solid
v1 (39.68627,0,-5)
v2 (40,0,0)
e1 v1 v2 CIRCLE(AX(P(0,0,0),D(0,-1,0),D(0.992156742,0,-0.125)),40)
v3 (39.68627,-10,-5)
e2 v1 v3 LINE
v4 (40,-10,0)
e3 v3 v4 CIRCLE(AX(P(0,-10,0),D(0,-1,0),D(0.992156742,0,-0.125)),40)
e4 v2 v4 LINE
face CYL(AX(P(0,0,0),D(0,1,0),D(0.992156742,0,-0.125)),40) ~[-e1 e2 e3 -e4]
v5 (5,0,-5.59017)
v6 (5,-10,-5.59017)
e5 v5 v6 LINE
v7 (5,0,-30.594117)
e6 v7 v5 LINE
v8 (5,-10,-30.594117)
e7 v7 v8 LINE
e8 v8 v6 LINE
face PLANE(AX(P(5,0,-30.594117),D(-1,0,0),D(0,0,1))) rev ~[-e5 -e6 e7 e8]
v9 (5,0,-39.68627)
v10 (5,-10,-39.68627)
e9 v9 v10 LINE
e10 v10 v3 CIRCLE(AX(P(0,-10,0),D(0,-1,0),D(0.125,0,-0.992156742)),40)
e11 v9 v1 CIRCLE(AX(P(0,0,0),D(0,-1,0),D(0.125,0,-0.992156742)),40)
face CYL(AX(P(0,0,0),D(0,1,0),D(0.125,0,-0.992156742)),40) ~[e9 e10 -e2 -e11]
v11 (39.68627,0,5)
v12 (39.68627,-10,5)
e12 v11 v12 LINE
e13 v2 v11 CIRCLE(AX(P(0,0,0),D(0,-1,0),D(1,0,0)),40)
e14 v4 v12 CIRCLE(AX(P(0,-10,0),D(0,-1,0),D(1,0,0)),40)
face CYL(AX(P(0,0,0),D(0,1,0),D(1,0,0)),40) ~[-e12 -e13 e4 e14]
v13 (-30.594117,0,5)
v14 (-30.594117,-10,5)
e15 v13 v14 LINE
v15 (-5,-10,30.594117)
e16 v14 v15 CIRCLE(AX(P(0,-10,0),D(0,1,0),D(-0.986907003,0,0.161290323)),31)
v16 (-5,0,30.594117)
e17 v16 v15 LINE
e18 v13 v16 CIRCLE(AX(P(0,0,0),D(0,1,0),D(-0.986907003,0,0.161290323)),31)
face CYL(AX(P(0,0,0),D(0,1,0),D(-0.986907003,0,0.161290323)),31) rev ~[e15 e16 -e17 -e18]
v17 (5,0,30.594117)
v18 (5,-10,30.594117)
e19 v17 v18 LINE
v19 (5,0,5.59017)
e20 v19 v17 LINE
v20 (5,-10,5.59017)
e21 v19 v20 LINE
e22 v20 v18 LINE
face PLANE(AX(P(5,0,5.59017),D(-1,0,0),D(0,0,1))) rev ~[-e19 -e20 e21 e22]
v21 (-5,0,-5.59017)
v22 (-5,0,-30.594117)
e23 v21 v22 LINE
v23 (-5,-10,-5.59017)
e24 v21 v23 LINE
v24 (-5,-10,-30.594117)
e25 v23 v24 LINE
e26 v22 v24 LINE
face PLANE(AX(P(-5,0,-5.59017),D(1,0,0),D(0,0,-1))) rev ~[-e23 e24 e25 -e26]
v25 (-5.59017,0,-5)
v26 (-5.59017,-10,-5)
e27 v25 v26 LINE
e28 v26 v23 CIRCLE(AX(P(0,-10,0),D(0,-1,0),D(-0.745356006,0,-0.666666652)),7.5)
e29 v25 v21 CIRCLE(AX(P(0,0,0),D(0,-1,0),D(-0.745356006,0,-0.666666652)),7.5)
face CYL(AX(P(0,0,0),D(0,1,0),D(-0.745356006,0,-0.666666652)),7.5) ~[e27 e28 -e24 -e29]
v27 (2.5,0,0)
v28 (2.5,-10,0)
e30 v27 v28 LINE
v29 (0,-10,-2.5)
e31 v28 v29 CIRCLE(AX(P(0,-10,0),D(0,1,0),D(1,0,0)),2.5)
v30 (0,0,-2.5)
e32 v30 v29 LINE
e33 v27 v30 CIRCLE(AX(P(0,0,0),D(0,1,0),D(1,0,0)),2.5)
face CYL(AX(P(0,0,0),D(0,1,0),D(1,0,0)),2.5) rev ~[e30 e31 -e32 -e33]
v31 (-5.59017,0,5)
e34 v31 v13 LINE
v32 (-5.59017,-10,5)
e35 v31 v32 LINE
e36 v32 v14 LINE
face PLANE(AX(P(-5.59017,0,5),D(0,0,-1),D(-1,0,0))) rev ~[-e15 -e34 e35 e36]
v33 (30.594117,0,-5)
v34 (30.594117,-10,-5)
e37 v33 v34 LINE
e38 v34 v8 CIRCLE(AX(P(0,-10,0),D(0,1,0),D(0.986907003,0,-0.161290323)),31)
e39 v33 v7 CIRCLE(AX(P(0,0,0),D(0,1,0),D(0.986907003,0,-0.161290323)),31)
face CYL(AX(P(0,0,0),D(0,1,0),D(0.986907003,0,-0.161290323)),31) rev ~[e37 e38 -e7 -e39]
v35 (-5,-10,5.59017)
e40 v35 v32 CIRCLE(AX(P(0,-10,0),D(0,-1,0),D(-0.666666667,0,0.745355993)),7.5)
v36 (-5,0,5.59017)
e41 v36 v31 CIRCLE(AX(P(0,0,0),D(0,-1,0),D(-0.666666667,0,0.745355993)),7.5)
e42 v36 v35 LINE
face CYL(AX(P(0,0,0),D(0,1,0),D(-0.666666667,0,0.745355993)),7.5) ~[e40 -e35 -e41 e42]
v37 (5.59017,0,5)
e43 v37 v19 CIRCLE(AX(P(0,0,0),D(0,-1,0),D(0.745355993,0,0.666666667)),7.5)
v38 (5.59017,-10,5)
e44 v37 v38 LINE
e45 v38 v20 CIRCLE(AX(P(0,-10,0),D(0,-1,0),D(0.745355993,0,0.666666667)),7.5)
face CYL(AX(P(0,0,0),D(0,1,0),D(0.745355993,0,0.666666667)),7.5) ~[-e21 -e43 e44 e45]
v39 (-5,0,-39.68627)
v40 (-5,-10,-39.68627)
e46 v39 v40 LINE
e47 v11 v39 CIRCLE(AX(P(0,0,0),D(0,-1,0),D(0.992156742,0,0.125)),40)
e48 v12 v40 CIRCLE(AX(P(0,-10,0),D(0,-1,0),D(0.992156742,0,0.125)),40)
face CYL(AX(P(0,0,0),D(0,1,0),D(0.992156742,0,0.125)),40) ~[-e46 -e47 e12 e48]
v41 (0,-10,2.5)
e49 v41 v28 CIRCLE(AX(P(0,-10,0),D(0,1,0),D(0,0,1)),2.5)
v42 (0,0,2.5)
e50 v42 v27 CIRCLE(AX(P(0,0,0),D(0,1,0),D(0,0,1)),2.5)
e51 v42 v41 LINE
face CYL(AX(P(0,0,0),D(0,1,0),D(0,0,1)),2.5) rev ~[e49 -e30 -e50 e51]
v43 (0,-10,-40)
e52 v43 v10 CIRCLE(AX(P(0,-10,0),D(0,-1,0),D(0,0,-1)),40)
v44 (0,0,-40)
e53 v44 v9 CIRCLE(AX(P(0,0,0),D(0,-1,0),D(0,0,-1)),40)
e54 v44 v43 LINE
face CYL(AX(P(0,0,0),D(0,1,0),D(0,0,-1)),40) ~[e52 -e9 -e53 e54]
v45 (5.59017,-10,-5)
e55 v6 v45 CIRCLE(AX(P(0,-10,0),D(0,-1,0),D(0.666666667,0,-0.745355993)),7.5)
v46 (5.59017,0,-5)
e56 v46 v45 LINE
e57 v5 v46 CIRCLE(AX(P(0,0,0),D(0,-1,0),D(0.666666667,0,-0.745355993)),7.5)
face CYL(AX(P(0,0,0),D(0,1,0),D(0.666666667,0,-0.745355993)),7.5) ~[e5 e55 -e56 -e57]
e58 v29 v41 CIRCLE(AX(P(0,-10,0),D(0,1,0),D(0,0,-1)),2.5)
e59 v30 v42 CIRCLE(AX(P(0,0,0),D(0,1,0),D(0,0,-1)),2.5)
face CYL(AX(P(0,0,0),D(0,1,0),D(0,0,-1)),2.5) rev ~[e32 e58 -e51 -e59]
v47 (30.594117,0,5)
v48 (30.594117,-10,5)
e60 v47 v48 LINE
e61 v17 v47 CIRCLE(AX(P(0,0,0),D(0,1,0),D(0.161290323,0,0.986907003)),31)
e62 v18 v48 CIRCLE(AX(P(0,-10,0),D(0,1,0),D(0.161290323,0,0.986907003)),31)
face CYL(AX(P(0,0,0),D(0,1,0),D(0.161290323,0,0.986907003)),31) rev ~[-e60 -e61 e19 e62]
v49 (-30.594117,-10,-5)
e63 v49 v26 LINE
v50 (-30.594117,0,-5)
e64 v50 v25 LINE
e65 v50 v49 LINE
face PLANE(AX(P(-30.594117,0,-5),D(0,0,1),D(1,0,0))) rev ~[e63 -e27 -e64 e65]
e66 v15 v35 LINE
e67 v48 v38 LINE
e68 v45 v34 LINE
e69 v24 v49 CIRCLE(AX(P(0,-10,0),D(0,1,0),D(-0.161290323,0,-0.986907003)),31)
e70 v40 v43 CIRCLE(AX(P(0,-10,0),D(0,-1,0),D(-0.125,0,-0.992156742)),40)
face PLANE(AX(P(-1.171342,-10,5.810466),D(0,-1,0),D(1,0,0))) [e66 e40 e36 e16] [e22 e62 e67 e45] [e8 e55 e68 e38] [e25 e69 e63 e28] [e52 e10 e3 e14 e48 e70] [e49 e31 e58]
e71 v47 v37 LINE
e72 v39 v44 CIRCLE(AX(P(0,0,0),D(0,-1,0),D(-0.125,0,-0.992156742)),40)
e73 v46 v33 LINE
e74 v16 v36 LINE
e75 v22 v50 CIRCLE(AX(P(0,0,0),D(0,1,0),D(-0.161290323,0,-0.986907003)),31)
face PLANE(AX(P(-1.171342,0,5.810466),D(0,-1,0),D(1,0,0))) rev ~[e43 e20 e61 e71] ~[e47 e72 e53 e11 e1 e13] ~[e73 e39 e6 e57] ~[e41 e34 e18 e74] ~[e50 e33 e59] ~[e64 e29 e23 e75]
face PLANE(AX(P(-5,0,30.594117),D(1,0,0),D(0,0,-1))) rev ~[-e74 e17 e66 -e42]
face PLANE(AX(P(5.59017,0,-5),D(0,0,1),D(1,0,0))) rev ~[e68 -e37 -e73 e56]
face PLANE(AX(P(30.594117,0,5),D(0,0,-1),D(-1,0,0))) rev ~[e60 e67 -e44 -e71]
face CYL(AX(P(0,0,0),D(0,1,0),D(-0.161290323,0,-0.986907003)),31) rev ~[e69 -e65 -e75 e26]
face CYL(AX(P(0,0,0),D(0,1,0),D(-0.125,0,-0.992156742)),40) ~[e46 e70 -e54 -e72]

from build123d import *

# Parameters (mm, degrees)
F1_DEPTH = 10


with BuildPart() as f1:
    # F0 (on Front) → F1 (new body)
    with BuildSketch(Plane.XZ):
        with BuildLine():
            Line((30.5941170816, 5), (39.686269666, 5))
            ThreePointArc((39.686269666, 5), (-4.9999999441, 39.686269673), (-39.68626968, -4.9999998882))
            Line((-39.68626968, -4.9999998882), (-30.5941170998, -4.9999998882))
            Line((-30.5941170998, -4.9999998882), (-5.5901700437, -4.9999998882))
            ThreePointArc((-5.5901700437, -4.9999998882), (-5.3033009119, -5.3033008059), (-5, -5.5901699437))
            Line((-5, -5.5901699437), (-5, -30.5941170816))
            ThreePointArc((-5, -30.5941170816), (-2.5082235219, -30.8983626551), (0, -31))
            Line((0, -31), (0, -2.5))
            ThreePointArc((0, -2.5), (-2.5, 0), (0, 2.5))
            ThreePointArc((0, 2.5), (1.767766953, 1.767766953), (2.5, 0))
            Line((2.5, 0), (31, 0))
            ThreePointArc((31, 0), (30.8983626551, 2.5082235219), (30.5941170816, 5))
        make_face()
        with BuildLine():
            Line((-5.5901699437, 5), (-30.5941170816, 5))
            ThreePointArc((-30.5941170816, 5), (-21.9203102168, 21.9203102168), (-5, 30.5941170816))
            Line((-5, 30.5941170816), (-5, 5.5901699437))
            ThreePointArc((-5, 5.5901699437), (-5.3033008589, 5.3033008589), (-5.5901699437, 5))
        make_face(mode=Mode.SUBTRACT)
        with BuildLine():
            ThreePointArc((5, 30.5941170816), (21.9203102168, 21.9203102168), (30.5941170816, 5))
            Line((30.5941170816, 5), (5.5901699437, 5))
            ThreePointArc((5.5901699437, 5), (5.3033008589, 5.3033008589), (5, 5.5901699437))
            Line((5, 5.5901699437), (5, 30.5941170816))
        make_face(mode=Mode.SUBTRACT)
        with BuildLine():
            Line((31, 0), (40, 0))
            ThreePointArc((40, 0), (39.9214903695, 2.5049165017), (39.686269666, 5))
            Line((39.686269666, 5), (30.5941170816, 5))
            ThreePointArc((30.5941170816, 5), (30.8983626551, 2.5082235219), (31, 0))
        make_face()
        with BuildLine():
            ThreePointArc((39.686269666, -5), (39.9214903695, -2.5049165017), (40, 0))
            Line((40, 0), (31, 0))
            ThreePointArc((31, 0), (30.8983626551, -2.5082235219), (30.5941170816, -5))
            Line((30.5941170816, -5), (39.686269666, -5))
        make_face()
        with BuildLine():
            ThreePointArc((5, -39.686269666), (28.2842712475, -28.2842712475), (39.686269666, -5))
            Line((39.686269666, -5), (30.5941170816, -5))
            ThreePointArc((30.5941170816, -5), (21.9203102168, -21.9203102168), (5, -30.5941170816))
            Line((5, -30.5941170816), (5, -39.686269666))
        make_face()
        with BuildLine():
            Line((-30.5941170998, -4.9999998882), (-39.68626968, -4.9999998882))
            ThreePointArc((-39.68626968, -4.9999998882), (-28.2842712873, -28.2842712076), (-5, -39.686269666))
            Line((-5, -39.686269666), (-5, -30.5941170816))
            ThreePointArc((-5, -30.5941170816), (-21.9203102568, -21.9203101767), (-30.5941170998, -4.9999998882))
        make_face()
        with BuildLine():
            Line((-5, -30.5941170816), (-5, -39.686269666))
            ThreePointArc((-5, -39.686269666), (-2.5049165017, -39.9214903695), (0, -40))
            Line((0, -40), (0, -31))
            ThreePointArc((0, -31), (-2.5082235219, -30.8983626551), (-5, -30.5941170816))
        make_face()
        with BuildLine():
            ThreePointArc((0, -40), (2.5049165017, -39.9214903695), (5, -39.686269666))
            Line((5, -39.686269666), (5, -30.5941170816))
            ThreePointArc((5, -30.5941170816), (2.5082235219, -30.8983626551), (0, -31))
            Line((0, -31), (0, -40))
        make_face()
        with BuildLine():
            ThreePointArc((30.5941170816, -5), (30.8983626551, -2.5082235219), (31, 0))
            Line((31, 0), (2.5, 0))
            ThreePointArc((2.5, 0), (1.767766953, -1.767766953), (0, -2.5))
            Line((0, -2.5), (0, -31))
            ThreePointArc((0, -31), (2.5082235219, -30.8983626551), (5, -30.5941170816))
            Line((5, -30.5941170816), (5, -5.5901699437))
            ThreePointArc((5, -5.5901699437), (5.3033008589, -5.3033008589), (5.5901699437, -5))
            Line((5.5901699437, -5), (30.5941170816, -5))
        make_face()
    extrude(amount=F1_DEPTH)


solid = f1.part
